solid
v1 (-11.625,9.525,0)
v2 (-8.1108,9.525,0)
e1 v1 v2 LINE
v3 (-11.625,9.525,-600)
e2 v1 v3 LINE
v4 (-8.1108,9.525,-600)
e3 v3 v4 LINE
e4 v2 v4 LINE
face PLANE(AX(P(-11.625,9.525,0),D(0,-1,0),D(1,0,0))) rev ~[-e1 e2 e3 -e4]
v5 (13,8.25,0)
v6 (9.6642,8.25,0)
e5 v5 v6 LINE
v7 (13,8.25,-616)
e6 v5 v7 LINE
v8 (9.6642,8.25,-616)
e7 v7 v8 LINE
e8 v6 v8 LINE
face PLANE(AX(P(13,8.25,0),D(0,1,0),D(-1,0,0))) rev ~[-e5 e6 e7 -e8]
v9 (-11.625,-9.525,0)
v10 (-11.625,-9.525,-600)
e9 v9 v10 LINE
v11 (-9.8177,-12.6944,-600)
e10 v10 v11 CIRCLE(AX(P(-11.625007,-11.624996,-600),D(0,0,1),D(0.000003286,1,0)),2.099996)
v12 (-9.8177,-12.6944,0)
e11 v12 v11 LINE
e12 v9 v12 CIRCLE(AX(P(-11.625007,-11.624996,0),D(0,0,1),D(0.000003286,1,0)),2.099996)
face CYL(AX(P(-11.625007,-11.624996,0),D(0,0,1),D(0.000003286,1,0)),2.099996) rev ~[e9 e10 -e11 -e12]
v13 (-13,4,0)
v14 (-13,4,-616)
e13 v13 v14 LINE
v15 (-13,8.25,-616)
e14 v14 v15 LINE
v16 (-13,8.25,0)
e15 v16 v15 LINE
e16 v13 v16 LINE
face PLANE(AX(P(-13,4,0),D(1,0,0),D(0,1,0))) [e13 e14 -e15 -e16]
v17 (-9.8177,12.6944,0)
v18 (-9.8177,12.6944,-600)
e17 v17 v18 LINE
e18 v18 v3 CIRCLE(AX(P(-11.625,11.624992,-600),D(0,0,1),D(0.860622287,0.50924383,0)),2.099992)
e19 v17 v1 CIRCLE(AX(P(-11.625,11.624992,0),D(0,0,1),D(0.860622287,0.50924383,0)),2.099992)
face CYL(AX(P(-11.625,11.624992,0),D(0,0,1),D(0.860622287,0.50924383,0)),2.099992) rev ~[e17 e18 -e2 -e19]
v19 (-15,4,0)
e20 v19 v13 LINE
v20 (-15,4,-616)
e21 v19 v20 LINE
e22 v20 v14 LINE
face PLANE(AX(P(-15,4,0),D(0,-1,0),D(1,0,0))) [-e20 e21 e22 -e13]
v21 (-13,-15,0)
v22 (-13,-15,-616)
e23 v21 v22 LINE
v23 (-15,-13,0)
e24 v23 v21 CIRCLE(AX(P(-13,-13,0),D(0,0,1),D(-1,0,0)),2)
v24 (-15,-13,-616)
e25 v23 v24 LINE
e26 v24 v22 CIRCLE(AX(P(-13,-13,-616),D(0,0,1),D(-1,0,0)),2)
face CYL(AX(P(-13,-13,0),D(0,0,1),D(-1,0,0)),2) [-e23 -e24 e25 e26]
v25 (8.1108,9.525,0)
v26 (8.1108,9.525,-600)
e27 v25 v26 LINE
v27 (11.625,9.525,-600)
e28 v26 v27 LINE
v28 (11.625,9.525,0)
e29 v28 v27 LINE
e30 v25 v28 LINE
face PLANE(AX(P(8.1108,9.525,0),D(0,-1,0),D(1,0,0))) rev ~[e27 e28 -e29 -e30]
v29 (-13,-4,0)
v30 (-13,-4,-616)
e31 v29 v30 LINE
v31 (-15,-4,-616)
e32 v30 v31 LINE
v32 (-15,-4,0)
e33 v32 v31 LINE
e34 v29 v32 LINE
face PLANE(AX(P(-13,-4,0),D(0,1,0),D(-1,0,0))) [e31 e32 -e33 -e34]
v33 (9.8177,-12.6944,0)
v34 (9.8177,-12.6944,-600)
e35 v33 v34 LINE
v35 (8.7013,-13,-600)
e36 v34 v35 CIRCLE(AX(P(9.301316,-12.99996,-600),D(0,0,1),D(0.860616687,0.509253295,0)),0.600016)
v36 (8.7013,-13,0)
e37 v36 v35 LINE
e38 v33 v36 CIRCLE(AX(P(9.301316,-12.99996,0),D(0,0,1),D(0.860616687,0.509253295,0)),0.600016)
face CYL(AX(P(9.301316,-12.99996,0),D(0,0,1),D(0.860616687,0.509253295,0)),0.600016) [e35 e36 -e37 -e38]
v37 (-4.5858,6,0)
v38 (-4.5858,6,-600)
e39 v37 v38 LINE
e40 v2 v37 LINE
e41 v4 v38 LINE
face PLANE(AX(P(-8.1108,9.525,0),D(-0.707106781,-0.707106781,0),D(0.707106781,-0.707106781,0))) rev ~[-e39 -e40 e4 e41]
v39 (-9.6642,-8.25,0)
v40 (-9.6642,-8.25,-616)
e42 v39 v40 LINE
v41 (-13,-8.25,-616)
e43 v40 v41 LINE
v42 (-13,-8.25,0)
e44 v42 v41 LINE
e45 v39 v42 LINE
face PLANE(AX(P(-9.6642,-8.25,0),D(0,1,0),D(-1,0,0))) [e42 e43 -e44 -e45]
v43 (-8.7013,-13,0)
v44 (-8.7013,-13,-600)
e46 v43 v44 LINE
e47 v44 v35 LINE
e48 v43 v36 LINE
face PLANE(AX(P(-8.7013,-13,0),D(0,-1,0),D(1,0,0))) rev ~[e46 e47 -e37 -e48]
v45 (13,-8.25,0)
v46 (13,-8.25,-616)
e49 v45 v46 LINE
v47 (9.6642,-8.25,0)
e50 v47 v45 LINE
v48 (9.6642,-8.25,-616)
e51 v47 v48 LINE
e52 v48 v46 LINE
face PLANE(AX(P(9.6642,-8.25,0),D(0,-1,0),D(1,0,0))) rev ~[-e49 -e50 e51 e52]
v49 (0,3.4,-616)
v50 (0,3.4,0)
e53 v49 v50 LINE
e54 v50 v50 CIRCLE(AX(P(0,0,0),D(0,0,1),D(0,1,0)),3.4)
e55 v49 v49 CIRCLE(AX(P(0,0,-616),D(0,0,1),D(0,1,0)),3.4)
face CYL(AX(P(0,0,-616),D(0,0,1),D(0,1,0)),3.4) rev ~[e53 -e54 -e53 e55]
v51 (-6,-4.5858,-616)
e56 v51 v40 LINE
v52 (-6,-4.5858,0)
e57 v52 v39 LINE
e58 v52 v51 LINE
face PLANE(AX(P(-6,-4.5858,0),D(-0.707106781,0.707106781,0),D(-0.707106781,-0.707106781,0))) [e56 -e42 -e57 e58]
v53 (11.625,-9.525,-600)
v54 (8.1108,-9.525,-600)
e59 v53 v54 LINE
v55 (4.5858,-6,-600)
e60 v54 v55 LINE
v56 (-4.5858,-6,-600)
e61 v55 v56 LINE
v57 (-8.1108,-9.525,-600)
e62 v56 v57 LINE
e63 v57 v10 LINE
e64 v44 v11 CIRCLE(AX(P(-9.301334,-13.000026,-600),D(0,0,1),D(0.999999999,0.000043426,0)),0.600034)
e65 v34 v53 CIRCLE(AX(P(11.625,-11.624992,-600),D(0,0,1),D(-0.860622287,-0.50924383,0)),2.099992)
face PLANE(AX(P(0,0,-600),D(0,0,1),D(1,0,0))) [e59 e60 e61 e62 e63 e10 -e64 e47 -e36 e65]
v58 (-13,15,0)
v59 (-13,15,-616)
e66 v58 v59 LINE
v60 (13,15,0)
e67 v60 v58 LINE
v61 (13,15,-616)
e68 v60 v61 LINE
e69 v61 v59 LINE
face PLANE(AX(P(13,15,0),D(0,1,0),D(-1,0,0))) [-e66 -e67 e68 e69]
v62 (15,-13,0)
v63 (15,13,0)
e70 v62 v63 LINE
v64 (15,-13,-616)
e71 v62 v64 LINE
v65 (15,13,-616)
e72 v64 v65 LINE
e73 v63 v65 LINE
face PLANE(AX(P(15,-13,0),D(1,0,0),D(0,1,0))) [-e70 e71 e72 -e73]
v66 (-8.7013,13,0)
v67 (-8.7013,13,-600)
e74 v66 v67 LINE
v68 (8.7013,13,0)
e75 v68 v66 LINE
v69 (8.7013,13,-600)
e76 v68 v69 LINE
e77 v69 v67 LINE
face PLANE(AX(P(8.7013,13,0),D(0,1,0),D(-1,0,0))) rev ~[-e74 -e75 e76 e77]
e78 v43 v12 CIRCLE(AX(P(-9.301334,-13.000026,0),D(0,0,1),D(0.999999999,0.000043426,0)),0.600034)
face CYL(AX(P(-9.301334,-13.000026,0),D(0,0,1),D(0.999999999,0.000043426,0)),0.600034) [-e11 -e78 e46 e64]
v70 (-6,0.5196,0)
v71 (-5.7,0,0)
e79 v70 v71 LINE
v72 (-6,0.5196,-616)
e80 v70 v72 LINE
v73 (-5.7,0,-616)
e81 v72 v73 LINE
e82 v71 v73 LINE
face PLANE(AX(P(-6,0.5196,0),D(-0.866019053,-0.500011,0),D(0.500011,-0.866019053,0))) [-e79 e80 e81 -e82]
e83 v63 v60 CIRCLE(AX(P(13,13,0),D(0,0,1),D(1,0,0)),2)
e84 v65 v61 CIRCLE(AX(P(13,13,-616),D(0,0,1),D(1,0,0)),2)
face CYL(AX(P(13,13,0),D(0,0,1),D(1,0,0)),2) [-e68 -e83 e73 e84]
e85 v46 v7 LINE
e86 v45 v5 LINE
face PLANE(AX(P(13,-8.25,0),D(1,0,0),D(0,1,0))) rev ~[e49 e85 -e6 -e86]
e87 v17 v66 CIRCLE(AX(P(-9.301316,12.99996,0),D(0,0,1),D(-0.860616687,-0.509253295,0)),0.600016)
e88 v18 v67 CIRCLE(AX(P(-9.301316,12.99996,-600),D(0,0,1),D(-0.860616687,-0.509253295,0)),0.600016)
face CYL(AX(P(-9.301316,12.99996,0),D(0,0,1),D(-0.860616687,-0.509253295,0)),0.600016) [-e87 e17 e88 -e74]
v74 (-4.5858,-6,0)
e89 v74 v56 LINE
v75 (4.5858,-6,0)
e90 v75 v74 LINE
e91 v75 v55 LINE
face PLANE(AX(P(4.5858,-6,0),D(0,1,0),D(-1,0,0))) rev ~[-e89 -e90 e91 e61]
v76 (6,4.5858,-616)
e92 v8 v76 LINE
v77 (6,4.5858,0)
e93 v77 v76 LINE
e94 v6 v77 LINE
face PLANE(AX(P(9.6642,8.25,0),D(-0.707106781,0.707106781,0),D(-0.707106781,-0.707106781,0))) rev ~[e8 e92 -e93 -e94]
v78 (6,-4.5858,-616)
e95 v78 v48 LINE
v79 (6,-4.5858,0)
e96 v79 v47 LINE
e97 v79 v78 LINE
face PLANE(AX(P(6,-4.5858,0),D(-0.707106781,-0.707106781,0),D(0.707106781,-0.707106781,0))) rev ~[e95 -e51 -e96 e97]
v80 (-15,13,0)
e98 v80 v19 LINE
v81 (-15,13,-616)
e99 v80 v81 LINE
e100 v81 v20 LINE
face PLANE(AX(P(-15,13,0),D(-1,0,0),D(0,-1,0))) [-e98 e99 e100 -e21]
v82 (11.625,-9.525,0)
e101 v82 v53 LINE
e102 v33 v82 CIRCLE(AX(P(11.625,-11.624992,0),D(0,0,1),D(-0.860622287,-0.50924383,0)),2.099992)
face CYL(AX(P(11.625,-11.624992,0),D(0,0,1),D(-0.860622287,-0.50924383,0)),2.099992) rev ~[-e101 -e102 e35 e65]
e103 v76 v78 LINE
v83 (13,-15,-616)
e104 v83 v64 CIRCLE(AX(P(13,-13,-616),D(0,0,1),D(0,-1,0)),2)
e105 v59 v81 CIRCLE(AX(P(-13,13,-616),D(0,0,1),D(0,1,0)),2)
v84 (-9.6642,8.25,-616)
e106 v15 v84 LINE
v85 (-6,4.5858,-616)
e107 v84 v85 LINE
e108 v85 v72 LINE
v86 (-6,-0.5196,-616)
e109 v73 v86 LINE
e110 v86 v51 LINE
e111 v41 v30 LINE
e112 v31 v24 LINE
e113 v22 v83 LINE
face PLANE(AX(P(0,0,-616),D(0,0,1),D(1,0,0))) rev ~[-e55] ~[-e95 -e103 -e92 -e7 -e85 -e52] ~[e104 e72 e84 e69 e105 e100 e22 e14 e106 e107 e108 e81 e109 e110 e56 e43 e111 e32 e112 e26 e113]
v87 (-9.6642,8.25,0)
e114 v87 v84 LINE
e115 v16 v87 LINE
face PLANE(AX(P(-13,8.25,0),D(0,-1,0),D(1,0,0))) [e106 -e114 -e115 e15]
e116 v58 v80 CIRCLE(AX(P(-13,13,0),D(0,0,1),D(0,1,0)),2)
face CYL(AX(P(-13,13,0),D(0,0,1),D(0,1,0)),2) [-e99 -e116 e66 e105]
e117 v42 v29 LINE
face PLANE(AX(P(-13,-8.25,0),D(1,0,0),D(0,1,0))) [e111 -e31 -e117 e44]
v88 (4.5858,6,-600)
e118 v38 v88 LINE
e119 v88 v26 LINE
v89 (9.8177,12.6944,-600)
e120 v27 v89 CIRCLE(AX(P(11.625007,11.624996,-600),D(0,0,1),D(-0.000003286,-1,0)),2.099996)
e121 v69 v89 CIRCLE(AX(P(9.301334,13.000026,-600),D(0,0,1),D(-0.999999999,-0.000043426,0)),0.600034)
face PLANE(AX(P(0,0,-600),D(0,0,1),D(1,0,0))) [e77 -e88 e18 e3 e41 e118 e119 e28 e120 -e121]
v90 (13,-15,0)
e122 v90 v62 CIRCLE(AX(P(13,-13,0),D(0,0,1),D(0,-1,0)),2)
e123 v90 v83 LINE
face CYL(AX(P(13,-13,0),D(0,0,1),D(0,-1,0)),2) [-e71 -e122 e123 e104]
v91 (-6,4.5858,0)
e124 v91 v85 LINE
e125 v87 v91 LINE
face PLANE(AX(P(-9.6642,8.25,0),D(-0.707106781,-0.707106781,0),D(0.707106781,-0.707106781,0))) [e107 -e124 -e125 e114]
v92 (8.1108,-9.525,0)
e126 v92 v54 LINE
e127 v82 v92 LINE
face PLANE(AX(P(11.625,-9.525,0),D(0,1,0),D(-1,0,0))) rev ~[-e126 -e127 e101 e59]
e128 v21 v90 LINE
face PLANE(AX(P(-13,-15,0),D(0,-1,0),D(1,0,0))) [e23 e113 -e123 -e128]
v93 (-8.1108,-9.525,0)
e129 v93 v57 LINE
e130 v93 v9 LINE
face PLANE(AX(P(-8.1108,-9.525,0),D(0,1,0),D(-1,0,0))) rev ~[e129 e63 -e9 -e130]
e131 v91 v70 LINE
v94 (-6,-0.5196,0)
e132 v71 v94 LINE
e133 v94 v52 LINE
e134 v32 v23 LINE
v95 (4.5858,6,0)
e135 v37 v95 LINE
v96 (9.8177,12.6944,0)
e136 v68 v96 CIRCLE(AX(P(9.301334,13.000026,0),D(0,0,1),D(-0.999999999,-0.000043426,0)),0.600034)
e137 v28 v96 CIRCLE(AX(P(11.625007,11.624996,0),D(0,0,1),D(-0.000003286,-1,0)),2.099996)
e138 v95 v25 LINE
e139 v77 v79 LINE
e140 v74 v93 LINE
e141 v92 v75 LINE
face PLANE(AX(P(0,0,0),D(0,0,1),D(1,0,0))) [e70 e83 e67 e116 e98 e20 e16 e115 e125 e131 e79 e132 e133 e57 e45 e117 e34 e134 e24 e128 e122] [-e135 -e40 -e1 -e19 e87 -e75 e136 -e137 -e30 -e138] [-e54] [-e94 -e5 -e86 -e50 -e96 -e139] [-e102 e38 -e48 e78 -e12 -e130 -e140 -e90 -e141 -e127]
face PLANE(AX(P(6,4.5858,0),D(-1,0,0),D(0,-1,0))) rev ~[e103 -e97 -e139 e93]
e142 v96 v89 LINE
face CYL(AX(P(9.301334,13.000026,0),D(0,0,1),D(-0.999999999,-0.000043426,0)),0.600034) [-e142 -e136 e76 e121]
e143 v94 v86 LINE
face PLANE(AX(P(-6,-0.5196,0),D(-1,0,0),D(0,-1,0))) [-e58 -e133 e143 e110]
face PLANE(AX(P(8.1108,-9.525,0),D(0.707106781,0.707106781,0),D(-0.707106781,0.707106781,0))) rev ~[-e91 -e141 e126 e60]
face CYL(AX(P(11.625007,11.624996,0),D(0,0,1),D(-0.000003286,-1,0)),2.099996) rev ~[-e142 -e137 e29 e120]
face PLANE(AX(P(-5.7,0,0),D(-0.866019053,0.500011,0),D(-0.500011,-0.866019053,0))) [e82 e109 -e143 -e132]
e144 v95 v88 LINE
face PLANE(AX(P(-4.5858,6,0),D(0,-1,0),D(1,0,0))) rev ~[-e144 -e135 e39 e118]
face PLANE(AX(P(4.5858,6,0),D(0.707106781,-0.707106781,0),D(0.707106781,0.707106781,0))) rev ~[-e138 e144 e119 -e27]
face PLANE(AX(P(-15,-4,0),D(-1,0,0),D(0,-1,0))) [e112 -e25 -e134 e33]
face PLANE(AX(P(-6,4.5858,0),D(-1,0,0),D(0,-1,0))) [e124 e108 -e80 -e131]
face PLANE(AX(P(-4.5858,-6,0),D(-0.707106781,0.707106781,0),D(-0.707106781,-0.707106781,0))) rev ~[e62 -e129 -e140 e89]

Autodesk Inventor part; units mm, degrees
sketch "Sketch_122" plane through (0, 0, 0) normal (0, 0, 1) x (1, 0, 0)
  arc A0 (-15, -13) -> (-13, -15) centre (-13, -13) ccw
  line L0 (-13, -15) -> (13, -15)
  arc A1 (13, -15) -> (15, -13) centre (13, -13) ccw
  line L1 (15, -13) -> (15, 13)
  arc A2 (15, 13) -> (13, 15) centre (13, 13) ccw
  line L2 (13, 15) -> (-13, 15)
  arc A3 (-13, 15) -> (-15, 13) centre (-13, 13) ccw
  line L3 (-15, 13) -> (-15, 4)
  line L4 (-15, 4) -> (-13, 4)
  line L5 (-13, 4) -> (-13, 8.25)
  line L6 (-13, 8.25) -> (-9.6642, 8.25)
  line L7 (-9.6642, 8.25) -> (-6, 4.5858)
  line L8 (-6, 4.5858) -> (-6, 0.5196)
  line L9 (-6, 0.5196) -> (-5.7, 0)
  line L10 (-5.7, 0) -> (-6, -0.5196)
  line L11 (-6, -0.5196) -> (-6, -4.5858)
  line L12 (-6, -4.5858) -> (-9.6642, -8.25)
  line L13 (-9.6642, -8.25) -> (-13, -8.25)
  line L14 (-13, -8.25) -> (-13, -4)
  line L15 (-13, -4) -> (-15, -4)
  line L16 (-15, -4) -> (-15, -13)
  line L17 (6, -4.5858) -> (9.6642, -8.25)
  line L18 (9.6642, -8.25) -> (13, -8.25)
  line L19 (13, -8.25) -> (13, 8.25)
  line L20 (13, 8.25) -> (9.6642, 8.25)
  line L21 (9.6642, 8.25) -> (6, 4.5858)
  line L22 (6, 4.5858) -> (6, -4.5858)
extrude "Extrusion1" add sketch "Sketch_122" against normal blind 616
sketch "Sketch2" plane through (0, 0, -616) normal (0, 0, -1) x (-1, 0, 0)
  point P0 (0, 0)
hole "Hole1" at (0, 0, -616) direction (0, 0, 1) diameter 6.8 end through all
sketch "Sketch_173" plane through (0, 0, 0) normal (0, 0, 1) x (1, 0, 0)
  arc A0 (-9.8177, 12.6944) -> (-11.625, 9.525) centre (-11.625, 11.625) ccw
  line L0 (-11.625, 9.525) -> (-8.1108, 9.525)
  line L1 (-8.1108, 9.525) -> (-4.5858, 6)
  line L2 (-4.5858, 6) -> (4.5858, 6)
  line L3 (4.5858, 6) -> (8.1108, 9.525)
  line L4 (8.1108, 9.525) -> (11.625, 9.525)
  arc A1 (11.625, 9.525) -> (9.8177, 12.6944) centre (11.625, 11.625) ccw
  arc A2 (8.7013, 13) -> (9.8177, 12.6944) centre (9.3013, 13) ccw
  line L5 (8.7013, 13) -> (-8.7013, 13)
  arc A3 (-9.8177, 12.6944) -> (-8.7013, 13) centre (-9.3013, 13) ccw
extrude "Extrusion2" cut sketch "Sketch_173" against normal blind 600
sketch "Sketch_174" plane through (0, 0, 0) normal (0, 0, 1) x (1, 0, 0)
  arc A0 (-11.625, -9.525) -> (-9.8177, -12.6944) centre (-11.625, -11.625) ccw
  arc A1 (-8.7013, -13) -> (-9.8177, -12.6944) centre (-9.3013, -13) ccw
  line L0 (-8.7013, -13) -> (8.7013, -13)
  arc A2 (9.8177, -12.6944) -> (8.7013, -13) centre (9.3013, -13) ccw
  arc A3 (9.8177, -12.6944) -> (11.625, -9.525) centre (11.625, -11.625) ccw
  line L1 (11.625, -9.525) -> (8.1108, -9.525)
  line L2 (8.1108, -9.525) -> (4.5858, -6)
  line L3 (4.5858, -6) -> (-4.5858, -6)
  line L4 (-4.5858, -6) -> (-8.1108, -9.525)
  line L5 (-8.1108, -9.525) -> (-11.625, -9.525)
extrude "Extrusion3" cut sketch "Sketch_174" against normal blind 600
ref_plane "C1_XY" through (0, 0, 0) normal (0, 0, 1) x (1, 0, 0)
ref_plane "C1_YZ" through (0, 0, 0) normal (1, 0, 0) x (0, 1, 0)
ref_plane "C1_ZX" through (0, 0, 0) normal (0, 1, 0) x (0, 0, 1)
ref_plane "to_frame_cap1_XY" through (0, 0, 0) normal (0, 0, 1) x (1, 0, 0)
ref_plane "to_frame_cap1_YZ" through (0, 0, 0) normal (1, 0, 0) x (0, 1, 0)
ref_plane "to_frame_cap1_ZX" through (0, 0, 0) normal (0, 1, 0) x (0, 0, 1)
ref_plane "to_frame_cap2_XY" through (0, 0, -600) normal (0, 0, -1) x (1, 0, 0)
ref_plane "to_frame_cap2_YZ" through (0, 0, -600) normal (1, 0, 0) x (0, -1, 0)
ref_plane "to_frame_cap2_ZX" through (0, 0, -600) normal (0, -1, 0) x (0, 0, -1)
thread "Thread1" size "M8x1.25" class "6H" standard "ANSI Metric M Profile" length 10
thread "Thread2" size "M7x1" class "6H" standard "ANSI Metric M Profile" length 10
properties part number "HFSC6-3030-616" material "Aluminum 6061"
